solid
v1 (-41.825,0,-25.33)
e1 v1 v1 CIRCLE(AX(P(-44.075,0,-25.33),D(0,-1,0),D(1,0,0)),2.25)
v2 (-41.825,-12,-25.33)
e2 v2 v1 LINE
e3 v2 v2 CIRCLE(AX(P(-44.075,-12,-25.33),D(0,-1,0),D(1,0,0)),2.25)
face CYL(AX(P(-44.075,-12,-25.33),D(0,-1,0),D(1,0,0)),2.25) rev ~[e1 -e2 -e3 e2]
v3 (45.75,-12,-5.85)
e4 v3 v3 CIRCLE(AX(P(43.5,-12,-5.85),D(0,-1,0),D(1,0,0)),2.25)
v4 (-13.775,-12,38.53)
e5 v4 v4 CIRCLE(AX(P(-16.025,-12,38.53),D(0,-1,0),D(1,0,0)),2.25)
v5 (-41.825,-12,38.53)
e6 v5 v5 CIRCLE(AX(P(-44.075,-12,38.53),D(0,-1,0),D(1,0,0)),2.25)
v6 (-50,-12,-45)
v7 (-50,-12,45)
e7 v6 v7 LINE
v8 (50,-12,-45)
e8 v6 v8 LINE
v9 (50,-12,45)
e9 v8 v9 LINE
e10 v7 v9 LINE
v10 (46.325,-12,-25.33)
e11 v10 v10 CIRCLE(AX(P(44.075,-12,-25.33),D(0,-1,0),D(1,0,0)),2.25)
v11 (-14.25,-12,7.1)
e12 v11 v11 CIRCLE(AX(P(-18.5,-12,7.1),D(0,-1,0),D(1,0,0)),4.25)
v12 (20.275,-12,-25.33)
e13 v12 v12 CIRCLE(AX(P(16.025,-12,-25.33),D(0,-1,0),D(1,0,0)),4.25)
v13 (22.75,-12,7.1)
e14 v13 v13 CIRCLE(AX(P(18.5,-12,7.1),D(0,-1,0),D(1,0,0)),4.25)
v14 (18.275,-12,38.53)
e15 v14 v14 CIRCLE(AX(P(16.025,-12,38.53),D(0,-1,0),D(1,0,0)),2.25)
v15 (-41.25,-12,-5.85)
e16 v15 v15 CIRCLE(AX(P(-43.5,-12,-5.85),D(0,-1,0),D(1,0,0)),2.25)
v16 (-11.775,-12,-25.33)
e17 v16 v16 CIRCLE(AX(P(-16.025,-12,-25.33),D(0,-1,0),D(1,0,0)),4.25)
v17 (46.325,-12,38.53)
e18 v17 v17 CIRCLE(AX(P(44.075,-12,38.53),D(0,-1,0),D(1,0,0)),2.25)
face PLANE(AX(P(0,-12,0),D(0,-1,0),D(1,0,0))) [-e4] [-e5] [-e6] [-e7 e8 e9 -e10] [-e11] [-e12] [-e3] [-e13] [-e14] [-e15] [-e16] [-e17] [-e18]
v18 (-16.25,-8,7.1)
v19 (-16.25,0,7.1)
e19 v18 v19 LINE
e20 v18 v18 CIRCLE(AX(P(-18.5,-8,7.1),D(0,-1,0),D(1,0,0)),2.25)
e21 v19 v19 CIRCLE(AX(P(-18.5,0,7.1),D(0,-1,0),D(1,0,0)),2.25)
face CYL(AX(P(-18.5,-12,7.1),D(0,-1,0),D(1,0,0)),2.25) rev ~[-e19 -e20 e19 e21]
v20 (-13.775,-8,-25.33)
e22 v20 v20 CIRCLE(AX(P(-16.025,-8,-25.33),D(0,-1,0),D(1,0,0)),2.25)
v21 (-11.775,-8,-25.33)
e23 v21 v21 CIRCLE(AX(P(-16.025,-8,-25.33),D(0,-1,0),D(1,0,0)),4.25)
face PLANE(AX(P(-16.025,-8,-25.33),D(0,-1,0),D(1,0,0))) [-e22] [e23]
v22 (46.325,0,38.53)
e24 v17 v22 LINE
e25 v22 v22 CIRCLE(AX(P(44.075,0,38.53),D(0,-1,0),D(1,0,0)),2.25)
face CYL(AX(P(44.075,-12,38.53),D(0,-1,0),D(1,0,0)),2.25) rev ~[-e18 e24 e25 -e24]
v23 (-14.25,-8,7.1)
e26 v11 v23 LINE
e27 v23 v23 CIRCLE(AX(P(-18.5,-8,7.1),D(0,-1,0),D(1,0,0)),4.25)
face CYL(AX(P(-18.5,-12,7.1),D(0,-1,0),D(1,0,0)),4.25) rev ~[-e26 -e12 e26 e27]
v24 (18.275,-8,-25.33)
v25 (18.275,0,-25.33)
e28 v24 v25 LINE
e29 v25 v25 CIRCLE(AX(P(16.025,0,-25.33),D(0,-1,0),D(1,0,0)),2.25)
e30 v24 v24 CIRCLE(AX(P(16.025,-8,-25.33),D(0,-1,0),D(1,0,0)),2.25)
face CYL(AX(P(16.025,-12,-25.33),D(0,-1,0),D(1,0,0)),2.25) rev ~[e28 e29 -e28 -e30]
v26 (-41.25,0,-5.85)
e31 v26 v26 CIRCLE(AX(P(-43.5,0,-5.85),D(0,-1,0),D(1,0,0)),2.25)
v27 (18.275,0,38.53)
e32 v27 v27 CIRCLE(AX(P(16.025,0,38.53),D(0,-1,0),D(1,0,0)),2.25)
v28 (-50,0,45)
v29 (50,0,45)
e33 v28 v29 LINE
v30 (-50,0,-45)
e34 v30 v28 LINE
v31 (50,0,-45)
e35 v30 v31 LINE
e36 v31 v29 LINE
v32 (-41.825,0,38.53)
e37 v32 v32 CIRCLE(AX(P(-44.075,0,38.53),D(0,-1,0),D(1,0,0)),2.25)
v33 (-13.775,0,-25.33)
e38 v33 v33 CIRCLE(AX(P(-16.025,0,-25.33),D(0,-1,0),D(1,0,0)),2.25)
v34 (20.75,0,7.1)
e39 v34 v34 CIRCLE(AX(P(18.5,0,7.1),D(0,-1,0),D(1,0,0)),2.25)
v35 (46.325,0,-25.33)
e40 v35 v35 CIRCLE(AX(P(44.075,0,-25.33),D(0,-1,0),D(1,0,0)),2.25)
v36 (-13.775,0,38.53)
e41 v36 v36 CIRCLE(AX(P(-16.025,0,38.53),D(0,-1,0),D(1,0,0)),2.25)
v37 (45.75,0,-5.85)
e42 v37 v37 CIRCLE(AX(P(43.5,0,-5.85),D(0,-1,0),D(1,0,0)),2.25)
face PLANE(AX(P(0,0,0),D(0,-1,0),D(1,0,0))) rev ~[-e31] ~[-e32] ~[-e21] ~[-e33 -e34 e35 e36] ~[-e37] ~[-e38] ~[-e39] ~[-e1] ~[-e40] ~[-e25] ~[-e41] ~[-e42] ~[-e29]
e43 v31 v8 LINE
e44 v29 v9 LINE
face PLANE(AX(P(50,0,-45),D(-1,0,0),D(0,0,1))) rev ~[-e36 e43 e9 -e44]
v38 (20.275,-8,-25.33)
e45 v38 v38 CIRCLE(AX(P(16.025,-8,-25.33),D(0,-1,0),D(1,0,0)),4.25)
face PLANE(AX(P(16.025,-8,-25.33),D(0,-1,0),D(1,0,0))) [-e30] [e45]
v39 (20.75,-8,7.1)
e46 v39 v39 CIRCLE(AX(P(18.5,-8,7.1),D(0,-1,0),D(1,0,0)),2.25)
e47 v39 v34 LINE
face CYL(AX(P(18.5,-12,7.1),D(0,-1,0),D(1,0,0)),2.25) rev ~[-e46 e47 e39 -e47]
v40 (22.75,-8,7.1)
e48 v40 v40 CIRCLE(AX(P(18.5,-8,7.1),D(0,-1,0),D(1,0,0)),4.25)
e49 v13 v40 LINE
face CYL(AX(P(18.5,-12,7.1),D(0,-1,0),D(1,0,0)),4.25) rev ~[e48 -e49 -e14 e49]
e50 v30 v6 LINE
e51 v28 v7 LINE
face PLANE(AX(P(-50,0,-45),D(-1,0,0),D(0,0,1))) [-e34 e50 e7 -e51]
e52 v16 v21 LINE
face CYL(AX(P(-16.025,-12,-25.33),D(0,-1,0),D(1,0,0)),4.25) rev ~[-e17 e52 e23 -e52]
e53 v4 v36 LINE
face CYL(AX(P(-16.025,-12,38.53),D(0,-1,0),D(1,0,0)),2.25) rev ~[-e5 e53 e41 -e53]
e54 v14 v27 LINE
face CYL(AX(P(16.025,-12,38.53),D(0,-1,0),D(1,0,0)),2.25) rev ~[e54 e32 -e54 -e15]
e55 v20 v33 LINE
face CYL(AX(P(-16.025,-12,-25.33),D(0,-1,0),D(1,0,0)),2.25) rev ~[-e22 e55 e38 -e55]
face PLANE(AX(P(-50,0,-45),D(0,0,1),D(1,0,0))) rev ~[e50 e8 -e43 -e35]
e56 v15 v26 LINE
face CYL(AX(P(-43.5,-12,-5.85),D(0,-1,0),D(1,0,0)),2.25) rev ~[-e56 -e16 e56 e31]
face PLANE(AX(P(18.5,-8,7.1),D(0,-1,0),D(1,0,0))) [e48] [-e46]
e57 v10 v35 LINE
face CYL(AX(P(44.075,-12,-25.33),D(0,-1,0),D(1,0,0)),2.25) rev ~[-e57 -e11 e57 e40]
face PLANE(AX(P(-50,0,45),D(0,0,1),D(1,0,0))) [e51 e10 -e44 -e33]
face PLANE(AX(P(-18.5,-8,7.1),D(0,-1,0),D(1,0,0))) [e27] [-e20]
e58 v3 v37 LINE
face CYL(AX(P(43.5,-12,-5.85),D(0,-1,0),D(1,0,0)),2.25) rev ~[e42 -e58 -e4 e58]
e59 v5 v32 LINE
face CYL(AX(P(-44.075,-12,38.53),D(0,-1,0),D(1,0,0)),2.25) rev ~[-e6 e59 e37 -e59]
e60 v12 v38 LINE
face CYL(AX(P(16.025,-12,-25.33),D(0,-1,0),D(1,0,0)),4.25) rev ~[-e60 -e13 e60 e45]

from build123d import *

# Parameters (mm, degrees)
SKETCH_W        = 100
SKETCH_H        = 90
PAD_DEPTH       = 12
SKETCH001_R     = 2.25
POCKET_DEPTH    = 12.001
SKETCH002_R     = 4.25
POCKET001_DEPTH = 4


with BuildPart() as part:
    # Sketch → Pad (new body)
    with BuildSketch(Plane.XZ):
        Rectangle(SKETCH_W, SKETCH_H)
    extrude(amount=PAD_DEPTH)

    # Sketch001 → Pocket (cut, through all)
    with BuildSketch(Plane.XZ.offset(12)):
        with Locations((-44.075, -25.33)):
            Circle(SKETCH001_R)
        with Locations((-43.5, -5.85)):
            Circle(SKETCH001_R)
        with Locations((-16.025, -25.33)):
            Circle(SKETCH001_R)
        with Locations((16.025, -25.33)):
            Circle(SKETCH001_R)
        with Locations((44.075, -25.33)):
            Circle(SKETCH001_R)
        with Locations((43.5, -5.85)):
            Circle(SKETCH001_R)
        with Locations((-44.075, 38.53)):
            Circle(SKETCH001_R)
        with Locations((-16.025, 38.53)):
            Circle(SKETCH001_R)
        with Locations((16.025, 38.53)):
            Circle(SKETCH001_R)
        with Locations((44.075, 38.53)):
            Circle(SKETCH001_R)
        with Locations((-18.5, 7.1)):
            Circle(SKETCH001_R)
        with Locations((18.5, 7.1)):
            Circle(SKETCH001_R)
    extrude(amount=-POCKET_DEPTH, mode=Mode.SUBTRACT)

    # Sketch002 → Pocket001 (cut)
    with BuildSketch(Plane.XZ.offset(12)):
        with Locations((-16.025, -25.33)):
            Circle(SKETCH002_R)
        with Locations((16.025, -25.33)):
            Circle(SKETCH002_R)
        with Locations((-18.5, 7.1)):
            Circle(SKETCH002_R)
        with Locations((18.5, 7.1)):
            Circle(SKETCH002_R)
    extrude(amount=-POCKET001_DEPTH, mode=Mode.SUBTRACT)


solid = part.part
